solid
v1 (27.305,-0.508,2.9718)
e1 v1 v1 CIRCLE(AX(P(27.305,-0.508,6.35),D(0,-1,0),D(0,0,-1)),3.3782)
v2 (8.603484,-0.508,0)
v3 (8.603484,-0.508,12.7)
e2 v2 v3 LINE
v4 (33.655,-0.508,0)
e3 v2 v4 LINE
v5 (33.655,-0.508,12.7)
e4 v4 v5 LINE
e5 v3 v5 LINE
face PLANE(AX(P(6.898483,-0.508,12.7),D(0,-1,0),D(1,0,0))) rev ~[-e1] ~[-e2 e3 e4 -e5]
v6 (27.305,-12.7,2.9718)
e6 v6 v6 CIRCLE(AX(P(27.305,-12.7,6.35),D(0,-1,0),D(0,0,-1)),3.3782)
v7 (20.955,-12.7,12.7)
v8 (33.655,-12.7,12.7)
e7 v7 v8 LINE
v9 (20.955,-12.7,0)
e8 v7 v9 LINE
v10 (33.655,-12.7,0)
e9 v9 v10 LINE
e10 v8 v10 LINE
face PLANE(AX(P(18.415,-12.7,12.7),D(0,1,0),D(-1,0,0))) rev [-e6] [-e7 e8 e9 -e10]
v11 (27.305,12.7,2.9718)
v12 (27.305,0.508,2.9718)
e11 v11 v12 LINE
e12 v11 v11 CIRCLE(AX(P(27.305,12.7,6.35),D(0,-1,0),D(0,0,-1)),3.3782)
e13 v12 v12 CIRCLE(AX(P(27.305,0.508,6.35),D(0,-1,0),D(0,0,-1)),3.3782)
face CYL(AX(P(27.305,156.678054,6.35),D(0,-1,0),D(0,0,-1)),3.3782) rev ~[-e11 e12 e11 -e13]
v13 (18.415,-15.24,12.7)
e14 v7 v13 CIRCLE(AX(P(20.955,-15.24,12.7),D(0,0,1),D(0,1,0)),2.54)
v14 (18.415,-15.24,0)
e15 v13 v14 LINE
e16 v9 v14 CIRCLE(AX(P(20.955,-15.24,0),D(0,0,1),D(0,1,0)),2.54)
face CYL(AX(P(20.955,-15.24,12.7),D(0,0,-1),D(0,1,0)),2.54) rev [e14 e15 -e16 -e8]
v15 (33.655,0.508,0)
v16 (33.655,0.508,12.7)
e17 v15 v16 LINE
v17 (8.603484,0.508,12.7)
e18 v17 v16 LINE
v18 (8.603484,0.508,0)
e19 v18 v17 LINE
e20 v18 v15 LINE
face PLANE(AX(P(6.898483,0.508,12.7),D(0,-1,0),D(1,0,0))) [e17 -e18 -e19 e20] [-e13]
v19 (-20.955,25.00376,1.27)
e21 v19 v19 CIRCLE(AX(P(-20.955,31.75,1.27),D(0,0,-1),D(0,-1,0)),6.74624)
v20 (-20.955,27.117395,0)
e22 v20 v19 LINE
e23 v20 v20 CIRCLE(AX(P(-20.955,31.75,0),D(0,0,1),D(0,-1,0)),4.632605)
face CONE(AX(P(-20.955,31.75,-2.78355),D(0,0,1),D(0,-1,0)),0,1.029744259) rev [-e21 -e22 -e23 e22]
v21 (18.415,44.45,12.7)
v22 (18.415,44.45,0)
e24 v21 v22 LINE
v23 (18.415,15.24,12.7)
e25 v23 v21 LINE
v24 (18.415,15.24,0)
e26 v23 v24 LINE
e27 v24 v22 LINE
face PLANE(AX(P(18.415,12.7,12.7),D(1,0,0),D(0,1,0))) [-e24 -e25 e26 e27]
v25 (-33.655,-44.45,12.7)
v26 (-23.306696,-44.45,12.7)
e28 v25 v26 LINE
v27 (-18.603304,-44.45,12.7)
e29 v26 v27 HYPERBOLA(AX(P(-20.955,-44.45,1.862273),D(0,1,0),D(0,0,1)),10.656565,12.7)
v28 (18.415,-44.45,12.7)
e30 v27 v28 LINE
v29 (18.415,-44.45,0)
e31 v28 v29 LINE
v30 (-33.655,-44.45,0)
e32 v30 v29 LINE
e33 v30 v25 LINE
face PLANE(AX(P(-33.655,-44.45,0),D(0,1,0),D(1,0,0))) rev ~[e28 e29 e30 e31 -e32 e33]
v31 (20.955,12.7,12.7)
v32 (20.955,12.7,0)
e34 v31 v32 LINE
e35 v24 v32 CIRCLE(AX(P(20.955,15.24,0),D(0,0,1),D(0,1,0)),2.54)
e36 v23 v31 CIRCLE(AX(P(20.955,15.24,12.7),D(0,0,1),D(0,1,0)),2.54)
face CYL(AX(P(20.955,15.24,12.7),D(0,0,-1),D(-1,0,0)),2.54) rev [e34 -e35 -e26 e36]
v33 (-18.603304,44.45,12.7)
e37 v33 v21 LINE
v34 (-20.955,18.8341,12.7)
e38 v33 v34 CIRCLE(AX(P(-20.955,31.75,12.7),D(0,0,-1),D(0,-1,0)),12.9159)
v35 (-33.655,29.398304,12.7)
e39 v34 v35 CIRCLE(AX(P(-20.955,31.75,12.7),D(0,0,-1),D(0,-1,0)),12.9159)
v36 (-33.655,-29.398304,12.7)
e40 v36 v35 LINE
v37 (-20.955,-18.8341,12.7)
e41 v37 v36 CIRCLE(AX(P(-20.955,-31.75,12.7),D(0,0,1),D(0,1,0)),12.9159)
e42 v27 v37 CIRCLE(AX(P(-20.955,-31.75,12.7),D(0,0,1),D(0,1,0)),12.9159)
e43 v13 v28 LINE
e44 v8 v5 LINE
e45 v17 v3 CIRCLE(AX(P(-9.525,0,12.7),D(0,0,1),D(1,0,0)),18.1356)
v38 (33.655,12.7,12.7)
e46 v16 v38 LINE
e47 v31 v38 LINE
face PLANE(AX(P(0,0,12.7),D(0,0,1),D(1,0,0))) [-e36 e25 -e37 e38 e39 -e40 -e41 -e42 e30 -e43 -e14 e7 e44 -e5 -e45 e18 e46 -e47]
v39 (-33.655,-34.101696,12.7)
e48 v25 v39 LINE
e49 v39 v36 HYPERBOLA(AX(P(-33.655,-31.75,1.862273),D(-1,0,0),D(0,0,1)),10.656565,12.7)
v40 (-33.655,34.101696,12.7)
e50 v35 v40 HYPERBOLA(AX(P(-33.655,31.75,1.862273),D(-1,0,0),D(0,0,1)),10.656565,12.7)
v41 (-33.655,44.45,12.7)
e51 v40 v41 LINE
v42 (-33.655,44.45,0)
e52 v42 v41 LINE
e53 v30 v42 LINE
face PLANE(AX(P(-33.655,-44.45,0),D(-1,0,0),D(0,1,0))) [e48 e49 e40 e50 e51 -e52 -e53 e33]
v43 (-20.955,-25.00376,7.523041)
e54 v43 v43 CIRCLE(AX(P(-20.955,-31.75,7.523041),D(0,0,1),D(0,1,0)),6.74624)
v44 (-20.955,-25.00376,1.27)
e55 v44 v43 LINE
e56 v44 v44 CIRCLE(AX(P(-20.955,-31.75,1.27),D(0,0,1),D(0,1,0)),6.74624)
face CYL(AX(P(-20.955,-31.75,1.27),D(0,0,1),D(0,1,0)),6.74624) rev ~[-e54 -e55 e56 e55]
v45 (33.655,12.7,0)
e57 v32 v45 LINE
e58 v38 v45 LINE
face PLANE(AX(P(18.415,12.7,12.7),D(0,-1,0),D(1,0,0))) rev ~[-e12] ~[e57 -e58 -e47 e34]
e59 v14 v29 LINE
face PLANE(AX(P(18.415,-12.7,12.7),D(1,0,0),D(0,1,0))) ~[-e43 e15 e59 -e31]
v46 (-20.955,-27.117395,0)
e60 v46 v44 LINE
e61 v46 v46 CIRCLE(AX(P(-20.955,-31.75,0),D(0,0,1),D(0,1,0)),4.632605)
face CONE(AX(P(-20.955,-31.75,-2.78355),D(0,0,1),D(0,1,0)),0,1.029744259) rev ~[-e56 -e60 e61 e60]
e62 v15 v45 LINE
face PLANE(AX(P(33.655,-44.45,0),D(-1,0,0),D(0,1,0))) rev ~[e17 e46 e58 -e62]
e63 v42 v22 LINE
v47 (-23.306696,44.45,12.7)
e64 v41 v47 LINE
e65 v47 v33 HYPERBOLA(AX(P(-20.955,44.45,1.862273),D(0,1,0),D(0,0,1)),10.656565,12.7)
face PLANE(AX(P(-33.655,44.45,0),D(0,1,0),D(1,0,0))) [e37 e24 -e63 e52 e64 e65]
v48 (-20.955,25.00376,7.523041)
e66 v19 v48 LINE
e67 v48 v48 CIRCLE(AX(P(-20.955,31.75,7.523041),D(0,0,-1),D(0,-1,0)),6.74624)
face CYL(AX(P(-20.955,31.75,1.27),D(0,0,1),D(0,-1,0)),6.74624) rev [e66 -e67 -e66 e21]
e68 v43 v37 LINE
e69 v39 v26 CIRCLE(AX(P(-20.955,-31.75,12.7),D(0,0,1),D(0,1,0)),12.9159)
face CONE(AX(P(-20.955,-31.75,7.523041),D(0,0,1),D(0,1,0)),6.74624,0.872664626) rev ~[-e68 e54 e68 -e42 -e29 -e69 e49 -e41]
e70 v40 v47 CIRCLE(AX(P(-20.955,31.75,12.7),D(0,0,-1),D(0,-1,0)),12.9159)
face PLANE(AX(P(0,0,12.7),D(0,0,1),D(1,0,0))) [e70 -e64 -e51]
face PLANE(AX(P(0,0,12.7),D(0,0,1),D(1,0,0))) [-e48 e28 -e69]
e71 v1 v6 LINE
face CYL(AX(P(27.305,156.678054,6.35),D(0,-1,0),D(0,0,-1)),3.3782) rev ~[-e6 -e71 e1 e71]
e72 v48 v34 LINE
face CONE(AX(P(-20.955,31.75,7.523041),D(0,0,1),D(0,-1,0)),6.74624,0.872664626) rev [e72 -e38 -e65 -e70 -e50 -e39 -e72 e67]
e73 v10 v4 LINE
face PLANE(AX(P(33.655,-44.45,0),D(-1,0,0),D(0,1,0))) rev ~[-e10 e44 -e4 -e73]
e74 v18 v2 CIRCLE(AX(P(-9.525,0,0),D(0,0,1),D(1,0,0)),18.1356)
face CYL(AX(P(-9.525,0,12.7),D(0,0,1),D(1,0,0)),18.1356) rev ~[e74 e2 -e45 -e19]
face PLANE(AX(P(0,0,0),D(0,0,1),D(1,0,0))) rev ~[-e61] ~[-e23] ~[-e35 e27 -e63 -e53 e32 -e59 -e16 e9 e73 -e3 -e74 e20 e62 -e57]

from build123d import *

# Parameters (mm, degrees)
SKETCH1_W               = 67.31
SKETCH1_H               = 88.9
EXTRUDE1_DEPTH          = 12.7
SKETCH2_R               = 18.1356
EXTRUDE2_DEPTH          = 58.181741185
SKETCH3_W               = 28.468633454
SKETCH3_H               = 1.016
EXTRUDE3_DEPTH          = 58.181741185
F_1_4_CLEARANCE_HOLE1_D = 6.7564
SKETCH10_W              = 15.24
SKETCH10_H              = 31.75
EXTRUDE4_DEPTH          = 58.181741185
FILLET1_R               = 2.54
FILLET1_OF_MIRROR2_R    = 2.54


with BuildPart() as part:
    # Sketch1 → Extrude1 (new body)
    with BuildSketch(Plane.XY):
        Rectangle(SKETCH1_W, SKETCH1_H)
    extrude(amount=EXTRUDE1_DEPTH)

    # Sketch2 → Extrude2 (cut, through all)
    with BuildSketch(Plane.XY.offset(12.7)):
        with Locations((-9.525, 0)):
            Circle(SKETCH2_R)
    extrude(amount=-EXTRUDE2_DEPTH, mode=Mode.SUBTRACT)

    # Sketch3 → Extrude3 (cut, through all)
    with BuildSketch(Plane.XY.offset(12.7)):
        with Locations((21.1328, 0)):
            Rectangle(SKETCH3_W, SKETCH3_H)
    extrude(amount=-EXTRUDE3_DEPTH, mode=Mode.SUBTRACT)

    # 1/4 Clearance Hole1 (through all)
    with Locations(Plane(origin=(27.305, 44.45, 6.35), x_dir=(0, 0, 1), z_dir=(0, 1, 0))):
        with Locations((0, 0)):
            Hole(F_1_4_CLEARANCE_HOLE1_D / 2)

    # Sketch9 → CSK for 1/2 Flat Head Machine Screw (100)1 (revolve, cut)
    with BuildSketch(Plane(origin=(-20.955, 31.75, 12.7), x_dir=(0, -1, 0), z_dir=(1, 0, 0))):
        Polygon((0, 0), (0, 15.483549943), (6.74624, 11.43), (6.74624, 5.17695943), (12.9159, 0), align=None)
    csk_for_1_2_flat_head_machine_screw_100 = revolve(axis=Axis((-20.955, 31.75, 19.05), (0, 0, -1)), mode=Mode.SUBTRACT)

    # Mirror1: CSK for 1/2 Flat Head Machine Screw (100)1 across plane
    add(csk_for_1_2_flat_head_machine_screw_100.mirror(Plane.ZX), mode=Mode.SUBTRACT)

    # Sketch10 → Extrude4 (cut, through all)
    with BuildSketch(Plane.XY.offset(12.7)):
        with Locations((26.035, 28.575)):
            Rectangle(SKETCH10_W, SKETCH10_H)
    extrude4 = extrude(amount=-EXTRUDE4_DEPTH, mode=Mode.SUBTRACT)

    # Fillet1
    fillet1_edges = [part.edges().sort_by_distance(p)[0] for p in [
        (18.415, 12.7, 6.35),
    ]]
    fillet(fillet1_edges, radius=FILLET1_R)

    # Mirror2: Extrude4 across plane
    add(extrude4.mirror(Plane.ZX), mode=Mode.SUBTRACT)

    # Fillet1 of Mirror2
    fillet1_of_mirror2_edges = [part.edges().sort_by_distance(p)[0] for p in [
        (18.415, -12.7, 6.35),
    ]]
    fillet(fillet1_of_mirror2_edges, radius=FILLET1_OF_MIRROR2_R)


solid = part.part
